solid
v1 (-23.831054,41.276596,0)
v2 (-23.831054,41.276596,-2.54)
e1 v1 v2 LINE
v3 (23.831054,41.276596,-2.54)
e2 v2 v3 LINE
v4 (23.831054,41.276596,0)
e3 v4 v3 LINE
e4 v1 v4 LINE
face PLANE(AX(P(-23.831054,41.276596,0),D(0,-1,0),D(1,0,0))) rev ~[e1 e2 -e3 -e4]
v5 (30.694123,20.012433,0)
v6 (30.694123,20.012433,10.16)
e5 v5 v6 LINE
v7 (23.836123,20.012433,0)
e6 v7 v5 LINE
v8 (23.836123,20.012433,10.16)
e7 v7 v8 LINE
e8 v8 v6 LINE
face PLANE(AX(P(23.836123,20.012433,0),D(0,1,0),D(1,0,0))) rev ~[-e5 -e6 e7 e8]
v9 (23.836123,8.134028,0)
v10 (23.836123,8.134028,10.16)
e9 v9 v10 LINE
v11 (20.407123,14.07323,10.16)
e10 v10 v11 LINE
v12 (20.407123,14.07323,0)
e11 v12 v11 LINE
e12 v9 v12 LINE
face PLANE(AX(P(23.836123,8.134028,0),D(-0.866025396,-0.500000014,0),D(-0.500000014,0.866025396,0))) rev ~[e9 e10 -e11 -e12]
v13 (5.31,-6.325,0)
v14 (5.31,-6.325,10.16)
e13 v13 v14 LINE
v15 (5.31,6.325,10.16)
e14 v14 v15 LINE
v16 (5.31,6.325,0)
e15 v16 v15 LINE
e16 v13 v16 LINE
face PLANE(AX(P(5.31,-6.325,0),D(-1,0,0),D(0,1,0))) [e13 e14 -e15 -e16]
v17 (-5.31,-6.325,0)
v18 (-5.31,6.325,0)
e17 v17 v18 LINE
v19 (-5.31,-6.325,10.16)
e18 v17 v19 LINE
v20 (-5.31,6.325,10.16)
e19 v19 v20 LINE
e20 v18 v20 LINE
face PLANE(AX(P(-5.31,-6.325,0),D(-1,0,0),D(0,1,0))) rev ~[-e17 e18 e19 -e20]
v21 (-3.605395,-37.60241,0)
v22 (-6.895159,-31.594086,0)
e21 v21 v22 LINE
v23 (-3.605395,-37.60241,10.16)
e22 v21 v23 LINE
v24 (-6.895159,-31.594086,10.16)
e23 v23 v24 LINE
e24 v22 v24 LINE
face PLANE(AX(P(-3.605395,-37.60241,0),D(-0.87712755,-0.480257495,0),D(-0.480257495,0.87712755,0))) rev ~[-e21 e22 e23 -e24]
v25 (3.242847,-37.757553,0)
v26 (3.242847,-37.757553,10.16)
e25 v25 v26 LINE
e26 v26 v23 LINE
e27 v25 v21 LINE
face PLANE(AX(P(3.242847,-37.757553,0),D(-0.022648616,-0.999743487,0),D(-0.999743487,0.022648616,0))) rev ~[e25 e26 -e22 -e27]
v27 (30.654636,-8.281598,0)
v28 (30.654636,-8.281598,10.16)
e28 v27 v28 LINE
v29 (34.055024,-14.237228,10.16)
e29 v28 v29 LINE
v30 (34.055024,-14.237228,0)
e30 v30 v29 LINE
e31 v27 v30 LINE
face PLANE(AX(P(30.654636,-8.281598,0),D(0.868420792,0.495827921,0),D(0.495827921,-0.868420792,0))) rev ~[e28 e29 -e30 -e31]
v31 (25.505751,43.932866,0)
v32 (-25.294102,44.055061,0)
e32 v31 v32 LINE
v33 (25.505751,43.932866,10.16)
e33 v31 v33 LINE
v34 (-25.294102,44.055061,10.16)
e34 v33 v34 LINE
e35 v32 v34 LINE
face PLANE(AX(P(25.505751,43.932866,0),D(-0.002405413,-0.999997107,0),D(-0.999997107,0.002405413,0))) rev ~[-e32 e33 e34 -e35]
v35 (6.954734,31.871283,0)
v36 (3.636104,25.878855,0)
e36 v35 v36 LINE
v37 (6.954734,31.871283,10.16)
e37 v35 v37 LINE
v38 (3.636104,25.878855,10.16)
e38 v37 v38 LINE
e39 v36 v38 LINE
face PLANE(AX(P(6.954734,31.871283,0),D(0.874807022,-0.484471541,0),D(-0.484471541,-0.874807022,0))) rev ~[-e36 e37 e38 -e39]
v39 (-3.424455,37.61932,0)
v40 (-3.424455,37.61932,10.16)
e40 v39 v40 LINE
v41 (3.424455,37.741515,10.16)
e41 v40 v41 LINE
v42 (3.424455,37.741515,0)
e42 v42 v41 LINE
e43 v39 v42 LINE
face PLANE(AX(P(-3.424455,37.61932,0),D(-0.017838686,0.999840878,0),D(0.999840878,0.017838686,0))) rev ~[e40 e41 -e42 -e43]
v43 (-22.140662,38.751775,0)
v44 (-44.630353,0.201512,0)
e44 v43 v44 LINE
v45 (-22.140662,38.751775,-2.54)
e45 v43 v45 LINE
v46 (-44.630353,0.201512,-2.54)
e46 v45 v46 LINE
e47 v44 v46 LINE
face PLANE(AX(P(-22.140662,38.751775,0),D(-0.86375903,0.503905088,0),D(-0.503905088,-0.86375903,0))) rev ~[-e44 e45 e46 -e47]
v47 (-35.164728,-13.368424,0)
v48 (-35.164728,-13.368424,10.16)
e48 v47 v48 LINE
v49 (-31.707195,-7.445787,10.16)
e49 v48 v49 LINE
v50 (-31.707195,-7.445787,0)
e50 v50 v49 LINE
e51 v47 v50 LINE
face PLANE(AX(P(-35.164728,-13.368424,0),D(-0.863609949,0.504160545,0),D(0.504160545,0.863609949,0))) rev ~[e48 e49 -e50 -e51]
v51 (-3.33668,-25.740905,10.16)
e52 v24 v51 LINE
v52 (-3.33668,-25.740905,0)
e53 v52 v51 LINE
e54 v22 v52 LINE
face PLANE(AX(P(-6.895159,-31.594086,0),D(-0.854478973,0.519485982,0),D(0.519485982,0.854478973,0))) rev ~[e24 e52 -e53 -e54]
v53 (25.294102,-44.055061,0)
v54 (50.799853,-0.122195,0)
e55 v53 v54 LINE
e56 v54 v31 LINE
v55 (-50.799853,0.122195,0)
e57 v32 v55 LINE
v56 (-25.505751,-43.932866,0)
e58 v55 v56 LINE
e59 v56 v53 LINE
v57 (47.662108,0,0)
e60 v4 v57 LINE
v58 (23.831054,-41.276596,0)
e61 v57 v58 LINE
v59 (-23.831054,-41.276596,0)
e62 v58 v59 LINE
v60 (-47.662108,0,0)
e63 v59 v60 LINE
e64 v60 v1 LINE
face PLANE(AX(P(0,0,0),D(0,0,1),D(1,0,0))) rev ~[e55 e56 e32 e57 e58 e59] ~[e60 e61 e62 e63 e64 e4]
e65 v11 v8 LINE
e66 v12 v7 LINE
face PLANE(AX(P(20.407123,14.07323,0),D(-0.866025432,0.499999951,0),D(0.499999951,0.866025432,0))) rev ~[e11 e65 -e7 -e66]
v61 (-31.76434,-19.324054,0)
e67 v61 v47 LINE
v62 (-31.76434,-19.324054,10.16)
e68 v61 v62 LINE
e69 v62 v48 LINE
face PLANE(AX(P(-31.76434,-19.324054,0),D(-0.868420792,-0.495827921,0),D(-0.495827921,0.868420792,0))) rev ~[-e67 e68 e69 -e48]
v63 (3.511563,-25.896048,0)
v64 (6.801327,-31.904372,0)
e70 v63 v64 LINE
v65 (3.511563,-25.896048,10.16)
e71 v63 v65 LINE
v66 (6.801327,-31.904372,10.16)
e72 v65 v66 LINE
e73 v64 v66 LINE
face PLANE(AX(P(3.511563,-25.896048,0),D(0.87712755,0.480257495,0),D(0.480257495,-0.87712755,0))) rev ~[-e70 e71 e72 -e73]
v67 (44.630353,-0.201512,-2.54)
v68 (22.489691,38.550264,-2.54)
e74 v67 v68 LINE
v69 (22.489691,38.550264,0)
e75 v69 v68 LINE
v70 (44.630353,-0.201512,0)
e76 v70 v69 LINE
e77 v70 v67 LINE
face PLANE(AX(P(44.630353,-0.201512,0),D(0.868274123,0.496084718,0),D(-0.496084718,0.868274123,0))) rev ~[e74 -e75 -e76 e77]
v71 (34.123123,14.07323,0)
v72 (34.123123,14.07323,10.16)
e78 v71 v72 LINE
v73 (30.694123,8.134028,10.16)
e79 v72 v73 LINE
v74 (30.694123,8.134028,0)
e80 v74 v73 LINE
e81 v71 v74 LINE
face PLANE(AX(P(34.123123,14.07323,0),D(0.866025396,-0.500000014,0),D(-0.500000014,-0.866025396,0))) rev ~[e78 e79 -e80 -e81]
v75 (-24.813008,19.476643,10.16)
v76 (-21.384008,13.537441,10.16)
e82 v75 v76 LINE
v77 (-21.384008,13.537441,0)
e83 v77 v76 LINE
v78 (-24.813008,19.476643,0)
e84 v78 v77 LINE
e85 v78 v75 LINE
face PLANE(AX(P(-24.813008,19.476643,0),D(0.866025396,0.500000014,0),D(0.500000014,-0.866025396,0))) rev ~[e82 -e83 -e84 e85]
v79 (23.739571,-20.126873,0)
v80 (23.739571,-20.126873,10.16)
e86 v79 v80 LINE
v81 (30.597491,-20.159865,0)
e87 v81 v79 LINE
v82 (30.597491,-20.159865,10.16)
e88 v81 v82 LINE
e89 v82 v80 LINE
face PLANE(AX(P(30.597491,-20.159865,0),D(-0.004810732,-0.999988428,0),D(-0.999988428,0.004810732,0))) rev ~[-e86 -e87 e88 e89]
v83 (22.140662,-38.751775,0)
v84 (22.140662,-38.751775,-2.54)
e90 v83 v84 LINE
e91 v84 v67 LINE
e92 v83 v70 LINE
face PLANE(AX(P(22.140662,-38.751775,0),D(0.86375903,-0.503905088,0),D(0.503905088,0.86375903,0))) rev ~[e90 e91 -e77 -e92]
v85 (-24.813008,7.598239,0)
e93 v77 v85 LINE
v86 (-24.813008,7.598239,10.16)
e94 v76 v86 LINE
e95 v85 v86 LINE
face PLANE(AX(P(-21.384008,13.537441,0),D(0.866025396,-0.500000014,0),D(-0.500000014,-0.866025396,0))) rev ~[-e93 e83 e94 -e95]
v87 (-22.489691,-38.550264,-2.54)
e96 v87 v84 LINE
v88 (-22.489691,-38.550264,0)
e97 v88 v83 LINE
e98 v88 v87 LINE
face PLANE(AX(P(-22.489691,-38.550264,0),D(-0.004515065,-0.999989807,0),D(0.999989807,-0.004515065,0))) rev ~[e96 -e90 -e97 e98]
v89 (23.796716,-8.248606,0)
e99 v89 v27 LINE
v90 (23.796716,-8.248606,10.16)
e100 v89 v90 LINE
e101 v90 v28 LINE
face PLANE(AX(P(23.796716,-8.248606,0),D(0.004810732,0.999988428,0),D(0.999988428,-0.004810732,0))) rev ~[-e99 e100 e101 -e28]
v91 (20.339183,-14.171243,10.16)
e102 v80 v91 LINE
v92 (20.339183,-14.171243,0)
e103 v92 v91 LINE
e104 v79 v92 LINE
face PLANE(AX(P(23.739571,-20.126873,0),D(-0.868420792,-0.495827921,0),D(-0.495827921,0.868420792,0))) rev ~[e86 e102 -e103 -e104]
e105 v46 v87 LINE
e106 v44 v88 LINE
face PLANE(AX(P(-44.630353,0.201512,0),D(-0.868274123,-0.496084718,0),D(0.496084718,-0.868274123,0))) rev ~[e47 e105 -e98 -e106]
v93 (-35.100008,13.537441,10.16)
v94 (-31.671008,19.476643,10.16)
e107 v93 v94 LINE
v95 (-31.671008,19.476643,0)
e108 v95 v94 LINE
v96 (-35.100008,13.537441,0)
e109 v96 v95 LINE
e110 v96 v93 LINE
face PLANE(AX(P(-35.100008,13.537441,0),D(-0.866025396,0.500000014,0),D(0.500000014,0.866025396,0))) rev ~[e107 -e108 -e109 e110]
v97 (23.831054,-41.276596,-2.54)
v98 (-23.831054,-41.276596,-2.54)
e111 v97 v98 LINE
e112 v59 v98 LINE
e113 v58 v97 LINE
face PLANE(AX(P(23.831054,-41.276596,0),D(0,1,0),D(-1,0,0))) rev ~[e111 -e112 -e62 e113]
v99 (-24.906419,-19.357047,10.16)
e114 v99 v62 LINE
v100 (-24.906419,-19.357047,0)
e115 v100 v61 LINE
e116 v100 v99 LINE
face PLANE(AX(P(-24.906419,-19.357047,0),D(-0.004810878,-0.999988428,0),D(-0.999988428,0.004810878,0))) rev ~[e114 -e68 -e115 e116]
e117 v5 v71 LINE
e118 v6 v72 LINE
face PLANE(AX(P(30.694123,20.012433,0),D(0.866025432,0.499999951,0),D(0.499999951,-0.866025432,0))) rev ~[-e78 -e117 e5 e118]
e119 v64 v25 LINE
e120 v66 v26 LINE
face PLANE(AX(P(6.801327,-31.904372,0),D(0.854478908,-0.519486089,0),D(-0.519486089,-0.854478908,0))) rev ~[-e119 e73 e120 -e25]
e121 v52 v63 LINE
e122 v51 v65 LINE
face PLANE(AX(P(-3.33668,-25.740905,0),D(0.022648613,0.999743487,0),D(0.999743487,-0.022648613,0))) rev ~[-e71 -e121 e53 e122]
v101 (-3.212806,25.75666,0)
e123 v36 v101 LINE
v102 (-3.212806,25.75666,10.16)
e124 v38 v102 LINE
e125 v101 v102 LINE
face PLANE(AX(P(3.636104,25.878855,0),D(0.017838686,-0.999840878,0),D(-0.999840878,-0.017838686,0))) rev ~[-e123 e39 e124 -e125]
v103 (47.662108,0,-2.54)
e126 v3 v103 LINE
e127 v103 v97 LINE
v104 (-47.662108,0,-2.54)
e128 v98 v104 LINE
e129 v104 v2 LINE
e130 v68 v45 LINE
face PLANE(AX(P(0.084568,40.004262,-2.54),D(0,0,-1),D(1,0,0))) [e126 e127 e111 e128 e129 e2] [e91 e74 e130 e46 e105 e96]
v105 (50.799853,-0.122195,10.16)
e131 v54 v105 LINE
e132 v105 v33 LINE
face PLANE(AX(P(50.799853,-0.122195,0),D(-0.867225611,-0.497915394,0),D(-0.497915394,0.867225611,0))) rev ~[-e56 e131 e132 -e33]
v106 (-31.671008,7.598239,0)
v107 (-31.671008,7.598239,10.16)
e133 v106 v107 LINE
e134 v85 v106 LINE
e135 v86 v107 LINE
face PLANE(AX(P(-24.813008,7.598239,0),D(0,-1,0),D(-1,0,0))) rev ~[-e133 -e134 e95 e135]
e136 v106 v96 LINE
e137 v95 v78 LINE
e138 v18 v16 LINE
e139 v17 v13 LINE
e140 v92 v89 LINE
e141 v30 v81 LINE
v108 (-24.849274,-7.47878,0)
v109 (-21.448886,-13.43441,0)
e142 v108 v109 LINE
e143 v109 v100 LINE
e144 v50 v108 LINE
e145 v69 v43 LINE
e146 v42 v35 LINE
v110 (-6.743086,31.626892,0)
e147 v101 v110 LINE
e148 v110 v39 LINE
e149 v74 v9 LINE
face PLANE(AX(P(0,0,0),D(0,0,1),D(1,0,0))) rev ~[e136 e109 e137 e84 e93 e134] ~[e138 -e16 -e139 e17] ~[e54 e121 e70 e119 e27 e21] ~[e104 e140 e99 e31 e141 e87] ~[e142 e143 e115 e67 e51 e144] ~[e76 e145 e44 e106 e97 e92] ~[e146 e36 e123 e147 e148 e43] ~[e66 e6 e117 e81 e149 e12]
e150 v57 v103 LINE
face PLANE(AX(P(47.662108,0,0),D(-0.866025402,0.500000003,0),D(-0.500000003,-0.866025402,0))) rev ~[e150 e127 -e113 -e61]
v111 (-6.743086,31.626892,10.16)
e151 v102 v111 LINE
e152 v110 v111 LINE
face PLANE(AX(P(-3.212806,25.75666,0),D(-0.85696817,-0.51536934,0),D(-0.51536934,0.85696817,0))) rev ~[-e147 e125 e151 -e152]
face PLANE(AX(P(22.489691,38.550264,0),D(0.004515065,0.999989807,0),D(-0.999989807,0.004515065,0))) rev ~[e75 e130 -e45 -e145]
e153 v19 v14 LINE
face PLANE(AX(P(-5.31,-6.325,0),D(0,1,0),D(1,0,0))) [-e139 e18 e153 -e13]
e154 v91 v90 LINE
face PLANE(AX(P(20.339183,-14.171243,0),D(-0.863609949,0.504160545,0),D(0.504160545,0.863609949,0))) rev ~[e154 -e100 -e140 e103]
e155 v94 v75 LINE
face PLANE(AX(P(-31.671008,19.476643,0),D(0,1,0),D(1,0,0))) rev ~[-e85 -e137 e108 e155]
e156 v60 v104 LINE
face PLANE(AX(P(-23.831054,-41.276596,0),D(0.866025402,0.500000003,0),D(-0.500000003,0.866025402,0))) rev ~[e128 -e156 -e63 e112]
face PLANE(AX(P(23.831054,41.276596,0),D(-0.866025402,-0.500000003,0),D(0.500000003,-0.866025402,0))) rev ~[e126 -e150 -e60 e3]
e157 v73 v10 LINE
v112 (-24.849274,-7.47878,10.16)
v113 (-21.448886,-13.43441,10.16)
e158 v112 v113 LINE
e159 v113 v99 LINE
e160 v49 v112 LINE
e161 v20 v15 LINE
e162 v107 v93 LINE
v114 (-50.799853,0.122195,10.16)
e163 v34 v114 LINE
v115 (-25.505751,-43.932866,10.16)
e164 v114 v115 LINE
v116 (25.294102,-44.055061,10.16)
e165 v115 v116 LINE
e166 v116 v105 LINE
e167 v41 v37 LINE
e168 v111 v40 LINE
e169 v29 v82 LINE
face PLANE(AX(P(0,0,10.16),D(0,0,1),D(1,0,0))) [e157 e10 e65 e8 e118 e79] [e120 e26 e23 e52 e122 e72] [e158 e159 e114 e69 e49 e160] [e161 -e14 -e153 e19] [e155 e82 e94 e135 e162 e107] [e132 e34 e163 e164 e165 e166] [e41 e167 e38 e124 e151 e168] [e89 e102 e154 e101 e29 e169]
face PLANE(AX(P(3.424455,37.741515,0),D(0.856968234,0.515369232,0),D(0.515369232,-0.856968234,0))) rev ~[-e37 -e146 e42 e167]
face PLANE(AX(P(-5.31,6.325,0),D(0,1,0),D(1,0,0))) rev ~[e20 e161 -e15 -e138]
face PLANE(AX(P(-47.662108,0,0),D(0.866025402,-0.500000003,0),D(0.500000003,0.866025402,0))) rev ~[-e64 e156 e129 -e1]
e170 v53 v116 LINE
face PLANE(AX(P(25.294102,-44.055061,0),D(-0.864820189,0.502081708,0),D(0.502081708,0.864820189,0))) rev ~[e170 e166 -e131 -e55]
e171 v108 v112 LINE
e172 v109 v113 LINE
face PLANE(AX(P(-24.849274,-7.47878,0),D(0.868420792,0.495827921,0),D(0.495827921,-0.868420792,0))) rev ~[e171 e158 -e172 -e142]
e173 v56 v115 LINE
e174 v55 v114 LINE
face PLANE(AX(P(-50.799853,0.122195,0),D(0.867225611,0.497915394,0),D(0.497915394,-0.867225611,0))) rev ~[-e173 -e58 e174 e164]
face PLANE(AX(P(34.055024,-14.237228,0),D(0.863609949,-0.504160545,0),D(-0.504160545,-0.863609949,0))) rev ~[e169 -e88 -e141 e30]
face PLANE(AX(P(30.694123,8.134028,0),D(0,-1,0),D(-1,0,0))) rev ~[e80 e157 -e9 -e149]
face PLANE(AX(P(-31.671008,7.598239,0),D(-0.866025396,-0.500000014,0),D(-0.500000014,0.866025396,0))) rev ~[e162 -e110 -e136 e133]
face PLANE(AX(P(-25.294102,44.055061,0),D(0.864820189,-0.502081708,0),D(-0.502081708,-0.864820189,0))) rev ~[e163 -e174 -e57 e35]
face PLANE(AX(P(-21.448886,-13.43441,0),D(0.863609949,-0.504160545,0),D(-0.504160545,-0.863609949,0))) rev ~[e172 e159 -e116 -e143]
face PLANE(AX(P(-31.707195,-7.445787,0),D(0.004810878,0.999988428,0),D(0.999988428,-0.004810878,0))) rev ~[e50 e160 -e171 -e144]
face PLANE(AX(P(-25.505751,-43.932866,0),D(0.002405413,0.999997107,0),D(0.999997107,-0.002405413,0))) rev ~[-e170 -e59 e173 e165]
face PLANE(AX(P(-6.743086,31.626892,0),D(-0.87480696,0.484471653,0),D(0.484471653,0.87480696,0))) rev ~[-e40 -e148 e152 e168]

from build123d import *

# Parameters (mm, degrees)
F0_W     = 10.62
F0_H     = 12.65
F1_DEPTH = 10.16
F3_DEPTH = 2.54
F4_DEPTH = 2.54
F5_DEPTH = 2.54
F6_DEPTH = 2.54
F7_DEPTH = 2.54
F8_DEPTH = 2.54


with BuildPart() as f1:
    # F0 (on Top) → F1 (new body)
    with BuildSketch(Plane.XY):
        Polygon((50.799853, -0.122195), (25.505751, 43.932866), (-25.294102, 44.055061), (-50.799853, 0.122195), (-25.505751, -43.932866), (25.294102, -44.055061), align=None)
        Polygon((-3.33668, -25.740905), (3.511563, -25.896048), (6.801327, -31.904372), (3.242847, -37.757553), (-3.605395, -37.60241), (-6.895159, -31.594086), align=None, mode=Mode.SUBTRACT)
        Polygon((-24.849274, -7.47878), (-21.448886, -13.43441), (-24.906419, -19.357047), (-31.76434, -19.324054), (-35.164728, -13.368424), (-31.707195, -7.445787), align=None, mode=Mode.SUBTRACT)
        Polygon((23.739571, -20.126873), (20.339183, -14.171243), (23.796716, -8.248606), (30.654636, -8.281598), (34.055024, -14.237228), (30.597491, -20.159865), align=None, mode=Mode.SUBTRACT)
        Polygon((-21.384008, 13.537441), (-24.813008, 7.598239), (-31.671008, 7.598239), (-35.100008, 13.537441), (-31.671008, 19.476643), (-24.813008, 19.476643), align=None, mode=Mode.SUBTRACT)
        Rectangle(F0_W, F0_H, mode=Mode.SUBTRACT)
        Polygon((34.123123, 14.07323), (30.694123, 8.134028), (23.836123, 8.134028), (20.407123, 14.07323), (23.836123, 20.012433), (30.694123, 20.012433), align=None, mode=Mode.SUBTRACT)
        Polygon((-6.743086, 31.626892), (-3.424455, 37.61932), (3.424455, 37.741515), (6.954734, 31.871283), (3.636104, 25.878855), (-3.212806, 25.75666), align=None, mode=Mode.SUBTRACT)
    extrude(amount=F1_DEPTH)

    # F2 (on face) → F3 (join)
    with BuildSketch(Plane(origin=(0, 0, 0), x_dir=(1, 0, 0), z_dir=(0, 0, -1))):
        Polygon((44.630353, 0.201512), (22.489691, -38.550264), (23.831054, -41.276596), (47.662108, 0), align=None)
    extrude(amount=F3_DEPTH)

    # F2 (on face) → F4 (join)
    with BuildSketch(Plane(origin=(0, 0, 0), x_dir=(1, 0, 0), z_dir=(0, 0, -1))):
        Polygon((22.140662, 38.751775), (44.630353, 0.201512), (47.662108, 0), (23.831054, 41.276596), align=None)
    extrude(amount=F4_DEPTH)

    # F2 (on face) → F5 (join)
    with BuildSketch(Plane(origin=(0, 0, 0), x_dir=(1, 0, 0), z_dir=(0, 0, -1))):
        Polygon((-23.831054, 41.276596), (-22.489691, 38.550264), (22.140662, 38.751775), (23.831054, 41.276596), align=None)
    extrude(amount=F5_DEPTH)

    # F2 (on face) → F6 (join)
    with BuildSketch(Plane(origin=(0, 0, 0), x_dir=(1, 0, 0), z_dir=(0, 0, -1))):
        Polygon((-47.662108, 0), (-44.630353, -0.201512), (-22.489691, 38.550264), (-23.831054, 41.276596), align=None)
    extrude(amount=F6_DEPTH)

    # F2 (on face) → F7 (join)
    with BuildSketch(Plane(origin=(0, 0, 0), x_dir=(1, 0, 0), z_dir=(0, 0, -1))):
        Polygon((-23.831054, -41.276596), (-22.140662, -38.751775), (-44.630353, -0.201512), (-47.662108, 0), align=None)
    extrude(amount=F7_DEPTH)

    # F2 (on face) → F8 (join)
    with BuildSketch(Plane(origin=(0, 0, 0), x_dir=(1, 0, 0), z_dir=(0, 0, -1))):
        Polygon((22.489691, -38.550264), (-22.140662, -38.751775), (-23.831054, -41.276596), (23.831054, -41.276596), align=None)
    extrude(amount=F8_DEPTH)


solid = f1.part
